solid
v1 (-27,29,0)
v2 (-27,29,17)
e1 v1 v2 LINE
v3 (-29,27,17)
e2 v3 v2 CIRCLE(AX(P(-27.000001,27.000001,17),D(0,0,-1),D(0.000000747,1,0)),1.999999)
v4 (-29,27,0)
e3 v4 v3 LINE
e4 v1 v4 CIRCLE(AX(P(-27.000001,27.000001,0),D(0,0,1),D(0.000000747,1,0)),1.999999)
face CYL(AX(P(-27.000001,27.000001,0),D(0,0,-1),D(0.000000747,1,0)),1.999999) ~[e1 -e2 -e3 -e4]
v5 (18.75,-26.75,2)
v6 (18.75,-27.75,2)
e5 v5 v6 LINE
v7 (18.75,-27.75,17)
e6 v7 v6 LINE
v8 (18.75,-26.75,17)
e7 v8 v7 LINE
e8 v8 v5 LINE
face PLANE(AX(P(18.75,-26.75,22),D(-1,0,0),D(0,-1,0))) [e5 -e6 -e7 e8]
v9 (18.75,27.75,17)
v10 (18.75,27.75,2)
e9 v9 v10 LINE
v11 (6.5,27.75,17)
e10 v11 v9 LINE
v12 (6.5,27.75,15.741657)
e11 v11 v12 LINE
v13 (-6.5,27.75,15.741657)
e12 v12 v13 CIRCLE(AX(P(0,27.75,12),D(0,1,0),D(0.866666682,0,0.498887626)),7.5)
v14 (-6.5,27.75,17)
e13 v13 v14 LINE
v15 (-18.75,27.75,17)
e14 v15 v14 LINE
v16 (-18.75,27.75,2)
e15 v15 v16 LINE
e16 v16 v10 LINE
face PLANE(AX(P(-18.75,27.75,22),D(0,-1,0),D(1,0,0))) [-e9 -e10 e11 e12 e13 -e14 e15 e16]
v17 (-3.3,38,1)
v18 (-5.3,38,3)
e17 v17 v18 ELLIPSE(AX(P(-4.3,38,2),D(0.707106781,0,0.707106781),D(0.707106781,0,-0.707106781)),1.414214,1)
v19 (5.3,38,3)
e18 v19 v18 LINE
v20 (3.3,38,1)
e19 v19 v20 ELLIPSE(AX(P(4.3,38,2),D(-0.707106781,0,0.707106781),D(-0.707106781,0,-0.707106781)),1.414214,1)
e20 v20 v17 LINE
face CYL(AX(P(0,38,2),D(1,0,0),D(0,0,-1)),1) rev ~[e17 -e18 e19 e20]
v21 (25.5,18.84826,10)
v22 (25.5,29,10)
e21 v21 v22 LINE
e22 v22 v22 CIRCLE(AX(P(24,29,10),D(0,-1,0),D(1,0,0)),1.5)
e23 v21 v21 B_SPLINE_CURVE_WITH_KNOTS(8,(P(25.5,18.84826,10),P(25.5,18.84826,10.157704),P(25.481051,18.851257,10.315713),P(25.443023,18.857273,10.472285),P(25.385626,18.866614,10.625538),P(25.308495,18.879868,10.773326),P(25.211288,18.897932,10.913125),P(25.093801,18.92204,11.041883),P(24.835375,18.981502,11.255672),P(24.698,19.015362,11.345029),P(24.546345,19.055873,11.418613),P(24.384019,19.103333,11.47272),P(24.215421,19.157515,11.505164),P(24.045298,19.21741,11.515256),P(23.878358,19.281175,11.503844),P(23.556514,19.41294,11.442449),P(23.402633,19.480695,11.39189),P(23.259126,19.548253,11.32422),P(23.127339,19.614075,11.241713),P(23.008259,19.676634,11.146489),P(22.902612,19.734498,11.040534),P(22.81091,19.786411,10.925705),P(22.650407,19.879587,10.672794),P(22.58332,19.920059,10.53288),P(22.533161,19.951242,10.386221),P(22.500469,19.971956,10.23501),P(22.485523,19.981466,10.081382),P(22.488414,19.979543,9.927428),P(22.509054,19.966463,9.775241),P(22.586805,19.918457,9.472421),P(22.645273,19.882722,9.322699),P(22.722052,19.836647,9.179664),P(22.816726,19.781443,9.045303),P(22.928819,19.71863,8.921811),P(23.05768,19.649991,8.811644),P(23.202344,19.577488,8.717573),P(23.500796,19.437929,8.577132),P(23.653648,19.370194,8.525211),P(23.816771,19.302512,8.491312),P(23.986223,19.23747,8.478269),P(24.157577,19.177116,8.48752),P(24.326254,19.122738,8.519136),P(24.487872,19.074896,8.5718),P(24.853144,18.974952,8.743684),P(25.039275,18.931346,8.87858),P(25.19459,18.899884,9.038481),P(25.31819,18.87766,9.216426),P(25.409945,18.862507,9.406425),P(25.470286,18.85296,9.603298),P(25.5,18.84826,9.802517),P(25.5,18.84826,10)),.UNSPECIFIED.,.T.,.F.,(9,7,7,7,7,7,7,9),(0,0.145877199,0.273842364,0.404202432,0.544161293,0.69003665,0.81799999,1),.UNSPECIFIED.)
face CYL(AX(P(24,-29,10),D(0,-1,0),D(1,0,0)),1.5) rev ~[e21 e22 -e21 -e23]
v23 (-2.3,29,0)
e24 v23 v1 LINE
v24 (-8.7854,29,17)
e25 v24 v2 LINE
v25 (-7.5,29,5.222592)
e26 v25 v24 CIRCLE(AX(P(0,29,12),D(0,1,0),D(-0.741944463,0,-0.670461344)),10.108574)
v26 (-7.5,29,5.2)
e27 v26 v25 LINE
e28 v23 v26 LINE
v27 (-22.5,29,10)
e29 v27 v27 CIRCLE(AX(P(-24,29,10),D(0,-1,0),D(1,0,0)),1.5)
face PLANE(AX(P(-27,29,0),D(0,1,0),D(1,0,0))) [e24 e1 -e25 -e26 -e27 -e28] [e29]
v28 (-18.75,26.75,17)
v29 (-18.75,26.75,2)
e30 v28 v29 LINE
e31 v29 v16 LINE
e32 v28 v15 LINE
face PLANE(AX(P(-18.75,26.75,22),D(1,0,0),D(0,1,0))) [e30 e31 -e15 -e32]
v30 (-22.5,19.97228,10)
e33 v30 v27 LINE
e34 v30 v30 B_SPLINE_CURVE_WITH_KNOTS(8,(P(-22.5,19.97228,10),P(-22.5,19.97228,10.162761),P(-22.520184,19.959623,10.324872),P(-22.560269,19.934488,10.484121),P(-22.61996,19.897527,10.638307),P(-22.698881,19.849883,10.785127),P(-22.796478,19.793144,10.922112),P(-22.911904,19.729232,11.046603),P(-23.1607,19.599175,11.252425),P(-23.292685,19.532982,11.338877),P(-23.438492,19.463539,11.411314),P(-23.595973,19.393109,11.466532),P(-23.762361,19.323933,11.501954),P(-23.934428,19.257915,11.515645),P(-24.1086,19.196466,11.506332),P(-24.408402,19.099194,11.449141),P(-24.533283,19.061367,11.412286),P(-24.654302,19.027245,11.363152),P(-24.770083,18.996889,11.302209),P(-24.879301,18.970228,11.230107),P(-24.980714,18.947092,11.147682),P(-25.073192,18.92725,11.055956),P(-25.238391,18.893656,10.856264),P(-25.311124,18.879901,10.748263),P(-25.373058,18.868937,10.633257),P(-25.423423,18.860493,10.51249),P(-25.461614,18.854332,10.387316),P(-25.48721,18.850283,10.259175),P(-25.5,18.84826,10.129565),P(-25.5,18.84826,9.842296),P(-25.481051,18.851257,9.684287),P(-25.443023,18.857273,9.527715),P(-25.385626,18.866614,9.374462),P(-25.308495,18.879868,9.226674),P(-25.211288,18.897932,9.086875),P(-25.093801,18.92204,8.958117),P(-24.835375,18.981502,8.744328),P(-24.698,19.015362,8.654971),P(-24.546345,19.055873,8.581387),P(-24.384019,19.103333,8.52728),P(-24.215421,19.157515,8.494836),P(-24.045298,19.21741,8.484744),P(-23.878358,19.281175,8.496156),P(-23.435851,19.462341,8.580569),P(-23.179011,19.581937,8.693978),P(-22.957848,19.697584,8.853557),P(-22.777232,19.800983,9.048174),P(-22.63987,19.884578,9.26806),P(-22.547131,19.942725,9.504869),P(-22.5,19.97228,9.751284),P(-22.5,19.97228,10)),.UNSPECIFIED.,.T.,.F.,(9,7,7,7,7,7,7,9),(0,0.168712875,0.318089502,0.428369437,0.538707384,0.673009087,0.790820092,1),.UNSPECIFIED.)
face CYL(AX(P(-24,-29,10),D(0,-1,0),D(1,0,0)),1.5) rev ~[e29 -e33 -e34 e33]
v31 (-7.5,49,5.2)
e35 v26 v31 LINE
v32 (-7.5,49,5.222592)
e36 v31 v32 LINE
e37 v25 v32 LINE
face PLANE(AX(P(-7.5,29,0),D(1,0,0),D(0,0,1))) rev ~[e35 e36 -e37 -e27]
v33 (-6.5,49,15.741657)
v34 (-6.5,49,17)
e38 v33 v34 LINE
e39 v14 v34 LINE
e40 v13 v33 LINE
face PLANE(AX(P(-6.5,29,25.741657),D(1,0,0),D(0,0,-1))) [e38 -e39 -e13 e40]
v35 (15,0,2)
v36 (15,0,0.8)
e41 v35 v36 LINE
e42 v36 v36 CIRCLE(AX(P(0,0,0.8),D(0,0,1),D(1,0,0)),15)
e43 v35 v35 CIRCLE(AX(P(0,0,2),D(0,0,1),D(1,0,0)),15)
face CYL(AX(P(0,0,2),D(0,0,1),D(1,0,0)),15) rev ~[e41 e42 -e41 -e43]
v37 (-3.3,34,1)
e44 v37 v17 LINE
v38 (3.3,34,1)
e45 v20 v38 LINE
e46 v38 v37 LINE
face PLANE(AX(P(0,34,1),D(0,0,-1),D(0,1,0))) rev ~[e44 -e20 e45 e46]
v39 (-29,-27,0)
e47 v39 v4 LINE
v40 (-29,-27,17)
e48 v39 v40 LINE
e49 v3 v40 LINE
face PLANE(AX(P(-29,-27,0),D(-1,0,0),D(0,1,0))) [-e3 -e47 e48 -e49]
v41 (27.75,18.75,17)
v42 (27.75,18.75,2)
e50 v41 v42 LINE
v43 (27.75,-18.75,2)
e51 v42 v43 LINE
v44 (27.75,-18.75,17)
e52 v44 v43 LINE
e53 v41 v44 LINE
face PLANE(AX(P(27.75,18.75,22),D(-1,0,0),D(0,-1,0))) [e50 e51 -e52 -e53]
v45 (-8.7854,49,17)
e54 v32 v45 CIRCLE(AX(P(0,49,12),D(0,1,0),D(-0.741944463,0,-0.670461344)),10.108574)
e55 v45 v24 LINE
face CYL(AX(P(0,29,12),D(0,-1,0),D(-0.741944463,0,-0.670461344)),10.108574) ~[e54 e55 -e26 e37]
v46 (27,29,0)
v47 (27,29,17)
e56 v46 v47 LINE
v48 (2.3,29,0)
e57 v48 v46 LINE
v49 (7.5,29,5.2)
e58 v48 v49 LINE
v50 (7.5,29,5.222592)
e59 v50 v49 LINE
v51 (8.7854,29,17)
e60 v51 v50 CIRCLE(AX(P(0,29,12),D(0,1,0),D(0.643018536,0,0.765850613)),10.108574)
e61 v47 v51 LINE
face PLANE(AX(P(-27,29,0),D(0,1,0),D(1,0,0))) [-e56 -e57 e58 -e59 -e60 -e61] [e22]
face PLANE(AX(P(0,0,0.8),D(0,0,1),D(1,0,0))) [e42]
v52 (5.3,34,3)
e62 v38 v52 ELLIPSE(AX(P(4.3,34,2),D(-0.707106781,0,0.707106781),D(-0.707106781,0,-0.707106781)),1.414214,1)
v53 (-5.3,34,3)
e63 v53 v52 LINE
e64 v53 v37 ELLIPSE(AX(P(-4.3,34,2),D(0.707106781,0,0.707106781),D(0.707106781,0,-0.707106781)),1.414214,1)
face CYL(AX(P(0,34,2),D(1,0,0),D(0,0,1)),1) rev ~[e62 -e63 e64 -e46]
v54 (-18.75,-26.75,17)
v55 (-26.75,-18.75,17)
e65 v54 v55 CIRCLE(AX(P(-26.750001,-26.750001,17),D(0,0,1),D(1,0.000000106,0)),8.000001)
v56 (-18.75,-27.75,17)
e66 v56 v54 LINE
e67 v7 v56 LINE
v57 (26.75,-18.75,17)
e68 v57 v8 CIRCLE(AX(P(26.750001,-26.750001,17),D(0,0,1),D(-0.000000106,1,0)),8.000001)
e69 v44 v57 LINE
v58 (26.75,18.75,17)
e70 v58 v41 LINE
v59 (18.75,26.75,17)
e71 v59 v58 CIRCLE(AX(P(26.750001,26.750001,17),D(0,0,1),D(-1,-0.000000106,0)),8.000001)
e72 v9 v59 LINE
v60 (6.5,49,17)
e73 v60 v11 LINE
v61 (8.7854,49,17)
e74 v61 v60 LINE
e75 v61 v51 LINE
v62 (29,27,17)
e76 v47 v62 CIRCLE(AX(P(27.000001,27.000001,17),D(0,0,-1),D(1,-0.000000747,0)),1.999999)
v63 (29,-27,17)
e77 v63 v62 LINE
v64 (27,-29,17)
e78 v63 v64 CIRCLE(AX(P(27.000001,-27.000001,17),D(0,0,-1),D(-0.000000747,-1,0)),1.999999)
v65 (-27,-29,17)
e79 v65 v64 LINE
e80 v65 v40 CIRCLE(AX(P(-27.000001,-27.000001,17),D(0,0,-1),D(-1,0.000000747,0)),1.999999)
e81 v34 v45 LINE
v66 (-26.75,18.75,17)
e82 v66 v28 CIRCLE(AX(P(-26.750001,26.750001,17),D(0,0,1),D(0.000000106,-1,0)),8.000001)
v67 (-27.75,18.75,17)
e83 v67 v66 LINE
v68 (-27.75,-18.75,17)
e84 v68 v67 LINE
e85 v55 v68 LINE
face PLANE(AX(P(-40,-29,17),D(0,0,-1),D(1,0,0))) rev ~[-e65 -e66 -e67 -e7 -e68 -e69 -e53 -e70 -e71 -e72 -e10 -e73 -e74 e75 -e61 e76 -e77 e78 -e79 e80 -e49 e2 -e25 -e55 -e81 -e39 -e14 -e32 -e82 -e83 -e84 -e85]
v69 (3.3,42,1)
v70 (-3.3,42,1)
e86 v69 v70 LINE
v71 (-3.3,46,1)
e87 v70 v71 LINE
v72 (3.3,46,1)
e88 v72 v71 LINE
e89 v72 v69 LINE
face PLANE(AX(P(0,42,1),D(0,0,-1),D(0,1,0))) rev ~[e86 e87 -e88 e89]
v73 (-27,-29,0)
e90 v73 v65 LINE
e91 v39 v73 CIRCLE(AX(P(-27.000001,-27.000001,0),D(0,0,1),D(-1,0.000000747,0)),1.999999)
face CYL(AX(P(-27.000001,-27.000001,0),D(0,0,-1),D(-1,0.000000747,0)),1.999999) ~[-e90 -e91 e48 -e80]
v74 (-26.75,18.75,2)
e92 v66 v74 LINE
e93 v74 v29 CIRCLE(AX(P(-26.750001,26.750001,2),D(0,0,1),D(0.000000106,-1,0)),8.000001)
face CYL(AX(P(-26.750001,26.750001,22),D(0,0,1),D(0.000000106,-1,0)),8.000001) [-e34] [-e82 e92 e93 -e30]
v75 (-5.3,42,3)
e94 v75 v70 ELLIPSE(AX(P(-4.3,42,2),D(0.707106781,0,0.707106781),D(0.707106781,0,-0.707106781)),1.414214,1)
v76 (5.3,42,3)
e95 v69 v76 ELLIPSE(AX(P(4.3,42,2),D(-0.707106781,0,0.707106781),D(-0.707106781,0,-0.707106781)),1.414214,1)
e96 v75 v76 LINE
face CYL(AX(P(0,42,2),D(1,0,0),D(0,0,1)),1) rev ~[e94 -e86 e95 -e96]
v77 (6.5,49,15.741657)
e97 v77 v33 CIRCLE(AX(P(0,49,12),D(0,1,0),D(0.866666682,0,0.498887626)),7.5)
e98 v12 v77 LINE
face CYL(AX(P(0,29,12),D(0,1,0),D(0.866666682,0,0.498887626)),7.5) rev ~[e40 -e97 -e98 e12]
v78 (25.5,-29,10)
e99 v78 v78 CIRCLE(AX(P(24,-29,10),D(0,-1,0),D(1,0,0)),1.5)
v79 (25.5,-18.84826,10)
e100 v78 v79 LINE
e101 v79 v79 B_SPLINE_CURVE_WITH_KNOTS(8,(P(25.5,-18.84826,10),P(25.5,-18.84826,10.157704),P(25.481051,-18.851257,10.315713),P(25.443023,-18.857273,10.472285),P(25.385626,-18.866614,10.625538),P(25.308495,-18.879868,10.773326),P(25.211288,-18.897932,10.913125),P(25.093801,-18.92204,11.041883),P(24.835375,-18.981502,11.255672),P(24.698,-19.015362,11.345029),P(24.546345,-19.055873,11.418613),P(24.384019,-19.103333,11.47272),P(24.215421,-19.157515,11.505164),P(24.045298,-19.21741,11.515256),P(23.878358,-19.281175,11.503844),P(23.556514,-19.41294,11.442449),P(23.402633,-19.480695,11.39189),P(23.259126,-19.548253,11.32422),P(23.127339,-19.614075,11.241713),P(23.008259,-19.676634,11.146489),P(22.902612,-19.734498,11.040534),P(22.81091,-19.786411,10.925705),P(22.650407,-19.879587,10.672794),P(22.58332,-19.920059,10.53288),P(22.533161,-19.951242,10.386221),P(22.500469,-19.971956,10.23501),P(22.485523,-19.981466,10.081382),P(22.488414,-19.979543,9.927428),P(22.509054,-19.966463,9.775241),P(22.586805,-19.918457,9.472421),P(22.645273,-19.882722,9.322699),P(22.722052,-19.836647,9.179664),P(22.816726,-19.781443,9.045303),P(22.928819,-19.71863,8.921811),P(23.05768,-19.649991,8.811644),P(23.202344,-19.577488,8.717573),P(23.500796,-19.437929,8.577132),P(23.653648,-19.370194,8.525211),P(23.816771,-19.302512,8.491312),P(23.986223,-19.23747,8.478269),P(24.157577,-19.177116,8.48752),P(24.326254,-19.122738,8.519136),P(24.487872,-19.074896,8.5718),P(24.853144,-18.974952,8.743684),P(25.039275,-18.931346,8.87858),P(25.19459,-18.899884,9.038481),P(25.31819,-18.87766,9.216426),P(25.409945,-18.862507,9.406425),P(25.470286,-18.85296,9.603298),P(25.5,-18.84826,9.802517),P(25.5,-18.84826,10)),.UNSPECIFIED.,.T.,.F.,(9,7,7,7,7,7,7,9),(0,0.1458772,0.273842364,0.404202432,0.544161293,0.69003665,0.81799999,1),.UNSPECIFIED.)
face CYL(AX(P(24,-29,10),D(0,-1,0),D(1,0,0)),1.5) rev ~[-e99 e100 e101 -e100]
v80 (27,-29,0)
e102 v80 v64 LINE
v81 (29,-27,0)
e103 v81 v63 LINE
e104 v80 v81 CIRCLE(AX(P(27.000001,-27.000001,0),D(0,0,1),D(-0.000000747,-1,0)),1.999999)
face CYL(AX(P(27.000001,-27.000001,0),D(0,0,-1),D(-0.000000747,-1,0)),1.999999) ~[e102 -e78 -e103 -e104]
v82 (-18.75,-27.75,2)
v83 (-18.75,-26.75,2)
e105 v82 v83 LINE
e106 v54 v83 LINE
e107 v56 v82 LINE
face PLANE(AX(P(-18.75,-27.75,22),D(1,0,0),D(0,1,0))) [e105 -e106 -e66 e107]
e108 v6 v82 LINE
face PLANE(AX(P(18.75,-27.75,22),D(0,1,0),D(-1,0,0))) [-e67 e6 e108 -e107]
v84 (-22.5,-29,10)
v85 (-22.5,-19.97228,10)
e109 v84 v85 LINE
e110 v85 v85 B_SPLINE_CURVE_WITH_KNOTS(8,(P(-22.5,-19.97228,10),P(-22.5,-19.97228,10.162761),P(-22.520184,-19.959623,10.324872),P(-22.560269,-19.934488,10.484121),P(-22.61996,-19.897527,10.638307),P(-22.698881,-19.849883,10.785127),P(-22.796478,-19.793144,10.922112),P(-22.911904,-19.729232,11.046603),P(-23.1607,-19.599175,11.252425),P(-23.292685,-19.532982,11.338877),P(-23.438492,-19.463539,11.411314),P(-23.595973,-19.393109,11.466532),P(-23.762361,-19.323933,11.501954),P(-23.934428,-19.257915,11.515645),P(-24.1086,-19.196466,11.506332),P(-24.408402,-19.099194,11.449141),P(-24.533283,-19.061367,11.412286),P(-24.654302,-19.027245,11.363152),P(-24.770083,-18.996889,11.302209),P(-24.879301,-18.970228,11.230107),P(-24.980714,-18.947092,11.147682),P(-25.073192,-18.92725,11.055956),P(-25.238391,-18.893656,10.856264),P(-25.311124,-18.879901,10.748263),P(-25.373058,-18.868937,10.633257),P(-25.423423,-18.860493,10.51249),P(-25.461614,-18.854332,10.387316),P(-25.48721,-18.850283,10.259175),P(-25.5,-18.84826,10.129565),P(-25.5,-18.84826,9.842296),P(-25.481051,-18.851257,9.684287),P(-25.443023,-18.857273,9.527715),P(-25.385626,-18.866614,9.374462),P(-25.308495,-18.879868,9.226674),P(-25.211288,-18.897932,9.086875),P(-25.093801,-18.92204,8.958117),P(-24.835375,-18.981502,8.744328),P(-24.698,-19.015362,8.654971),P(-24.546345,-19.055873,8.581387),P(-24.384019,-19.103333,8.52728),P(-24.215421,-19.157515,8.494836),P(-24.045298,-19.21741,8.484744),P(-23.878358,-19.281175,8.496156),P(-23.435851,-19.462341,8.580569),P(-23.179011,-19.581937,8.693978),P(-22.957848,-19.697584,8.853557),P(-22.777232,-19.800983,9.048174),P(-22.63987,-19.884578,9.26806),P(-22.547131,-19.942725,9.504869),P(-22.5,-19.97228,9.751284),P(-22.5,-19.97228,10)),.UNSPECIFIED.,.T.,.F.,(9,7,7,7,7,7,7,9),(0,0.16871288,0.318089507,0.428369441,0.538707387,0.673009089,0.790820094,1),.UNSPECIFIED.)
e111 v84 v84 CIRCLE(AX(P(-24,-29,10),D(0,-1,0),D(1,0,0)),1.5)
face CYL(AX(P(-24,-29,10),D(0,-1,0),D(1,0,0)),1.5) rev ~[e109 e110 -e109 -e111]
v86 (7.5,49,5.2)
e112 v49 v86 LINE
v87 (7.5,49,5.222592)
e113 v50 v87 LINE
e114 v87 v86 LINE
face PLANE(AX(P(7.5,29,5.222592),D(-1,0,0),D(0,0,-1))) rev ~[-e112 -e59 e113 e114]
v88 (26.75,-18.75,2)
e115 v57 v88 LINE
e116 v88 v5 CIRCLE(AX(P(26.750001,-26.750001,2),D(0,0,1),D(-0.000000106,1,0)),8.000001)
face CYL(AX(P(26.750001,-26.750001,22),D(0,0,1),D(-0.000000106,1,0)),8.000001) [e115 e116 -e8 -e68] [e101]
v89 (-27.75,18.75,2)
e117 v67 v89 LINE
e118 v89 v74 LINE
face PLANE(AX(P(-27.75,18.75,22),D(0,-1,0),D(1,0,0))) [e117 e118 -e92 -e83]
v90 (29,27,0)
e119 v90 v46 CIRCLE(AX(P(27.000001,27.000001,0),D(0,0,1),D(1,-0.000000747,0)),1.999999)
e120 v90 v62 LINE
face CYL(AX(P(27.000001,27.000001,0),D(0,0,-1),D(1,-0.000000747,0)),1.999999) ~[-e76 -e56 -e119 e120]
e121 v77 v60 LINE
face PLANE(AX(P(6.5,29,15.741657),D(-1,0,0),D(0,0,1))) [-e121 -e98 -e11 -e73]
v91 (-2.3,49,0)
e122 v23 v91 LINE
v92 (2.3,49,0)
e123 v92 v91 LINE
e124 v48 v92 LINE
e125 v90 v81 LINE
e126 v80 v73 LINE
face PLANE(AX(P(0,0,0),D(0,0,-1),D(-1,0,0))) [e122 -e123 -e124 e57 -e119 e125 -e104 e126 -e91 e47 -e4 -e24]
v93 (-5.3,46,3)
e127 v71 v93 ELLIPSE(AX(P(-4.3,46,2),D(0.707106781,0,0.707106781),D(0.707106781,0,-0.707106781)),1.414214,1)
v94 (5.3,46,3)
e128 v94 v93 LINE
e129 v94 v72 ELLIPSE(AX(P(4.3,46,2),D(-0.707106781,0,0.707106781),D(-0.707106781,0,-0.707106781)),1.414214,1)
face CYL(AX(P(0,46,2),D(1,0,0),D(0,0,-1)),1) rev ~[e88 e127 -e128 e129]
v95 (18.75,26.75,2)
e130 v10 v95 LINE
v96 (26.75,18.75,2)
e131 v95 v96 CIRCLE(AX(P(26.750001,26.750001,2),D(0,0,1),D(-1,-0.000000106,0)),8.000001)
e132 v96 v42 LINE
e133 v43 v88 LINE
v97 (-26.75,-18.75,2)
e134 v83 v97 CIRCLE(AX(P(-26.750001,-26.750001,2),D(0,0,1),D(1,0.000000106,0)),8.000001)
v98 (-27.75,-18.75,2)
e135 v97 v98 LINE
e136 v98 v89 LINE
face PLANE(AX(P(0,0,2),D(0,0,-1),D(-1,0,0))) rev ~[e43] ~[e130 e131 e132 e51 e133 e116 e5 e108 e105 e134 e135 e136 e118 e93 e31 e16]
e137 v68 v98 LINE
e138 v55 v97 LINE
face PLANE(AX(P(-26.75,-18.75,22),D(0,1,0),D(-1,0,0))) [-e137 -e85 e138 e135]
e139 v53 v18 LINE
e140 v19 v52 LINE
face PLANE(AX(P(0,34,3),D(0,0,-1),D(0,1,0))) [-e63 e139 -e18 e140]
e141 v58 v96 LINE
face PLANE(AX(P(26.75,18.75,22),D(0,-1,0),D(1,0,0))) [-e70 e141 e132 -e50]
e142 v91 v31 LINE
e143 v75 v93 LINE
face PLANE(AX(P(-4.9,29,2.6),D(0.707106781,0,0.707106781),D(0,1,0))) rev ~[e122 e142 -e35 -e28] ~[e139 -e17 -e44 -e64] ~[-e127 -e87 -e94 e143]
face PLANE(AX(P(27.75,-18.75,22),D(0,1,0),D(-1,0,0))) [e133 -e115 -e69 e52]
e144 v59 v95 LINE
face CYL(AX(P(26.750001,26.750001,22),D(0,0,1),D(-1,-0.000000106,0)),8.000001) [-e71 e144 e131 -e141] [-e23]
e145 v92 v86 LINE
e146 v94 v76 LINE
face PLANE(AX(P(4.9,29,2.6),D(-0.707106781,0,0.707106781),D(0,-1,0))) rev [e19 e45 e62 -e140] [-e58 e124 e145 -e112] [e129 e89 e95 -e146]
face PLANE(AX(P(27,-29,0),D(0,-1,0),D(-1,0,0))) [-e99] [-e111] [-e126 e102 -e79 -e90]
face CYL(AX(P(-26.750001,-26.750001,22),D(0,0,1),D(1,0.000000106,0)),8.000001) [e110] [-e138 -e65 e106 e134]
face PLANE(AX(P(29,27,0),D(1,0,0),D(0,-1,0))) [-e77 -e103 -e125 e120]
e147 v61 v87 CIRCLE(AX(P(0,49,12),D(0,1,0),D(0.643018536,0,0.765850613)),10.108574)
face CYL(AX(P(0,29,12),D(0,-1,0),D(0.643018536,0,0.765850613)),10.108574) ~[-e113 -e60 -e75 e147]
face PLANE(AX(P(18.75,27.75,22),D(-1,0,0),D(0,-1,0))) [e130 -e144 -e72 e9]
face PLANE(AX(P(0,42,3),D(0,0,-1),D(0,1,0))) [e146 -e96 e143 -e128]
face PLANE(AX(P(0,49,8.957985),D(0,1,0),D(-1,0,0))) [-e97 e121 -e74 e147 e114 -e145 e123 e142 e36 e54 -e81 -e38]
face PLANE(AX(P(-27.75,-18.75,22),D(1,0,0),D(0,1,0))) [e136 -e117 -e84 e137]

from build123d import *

# Parameters (mm, degrees)
PAD_DEPTH            = 22
POCKET_DEPTH         = 20
PAD001_DEPTH         = 20
POCKET001_DEPTH      = 5
SKETCH004_R          = 1.5
SKETCH004_W          = 80
SKETCH004_H          = 10
POCKET002_DEPTH      = 78.001
CHAMFER_SIZE         = 5.2
SKETCH005_R          = 15
POCKET003_DEPTH      = 1.2
POCKET004_DEPTH      = 29.001
POCKET004_DEPTH_BACK = -29.001


with BuildPart() as part:
    # Sketch → Pad (new body)
    with BuildSketch(Plane.XY):
        with BuildLine():
            Line((-27, 29), (27, 29))
            ThreePointArc((29, 27), (28.414214, 28.414214), (27, 29))
            Line((29, 27), (29, -27))
            ThreePointArc((27, -29), (28.414214, -28.414214), (29, -27))
            Line((27, -29), (-27, -29))
            ThreePointArc((-29, -27), (-28.414214, -28.414214), (-27, -29))
            Line((-29, -27), (-29, 27))
            ThreePointArc((-27, 29), (-28.414214, 28.414214), (-29, 27))
        make_face()
    extrude(amount=PAD_DEPTH)

    # Sketch001 (on Face10 of Pad) → Pocket (cut)
    with BuildSketch(Plane.XY.offset(22)):
        with BuildLine():
            Line((-18.75, 27.75), (18.75, 27.75))
            Line((18.75, 27.75), (18.75, 26.75))
            ThreePointArc((18.75, 26.75), (21.093146, 21.093146), (26.75, 18.75))
            Line((26.75, 18.75), (27.75, 18.75))
            Line((27.75, 18.75), (27.75, -18.75))
            Line((27.75, -18.75), (26.75, -18.75))
            ThreePointArc((26.75, -18.75), (21.093146, -21.093146), (18.75, -26.75))
            Line((18.75, -26.75), (18.75, -27.75))
            Line((18.75, -27.75), (-18.75, -27.75))
            Line((-18.75, -27.75), (-18.75, -26.75))
            ThreePointArc((-18.75, -26.75), (-21.093146, -21.093146), (-26.75, -18.75))
            Line((-26.75, -18.75), (-27.75, -18.75))
            Line((-27.75, -18.75), (-27.75, 18.75))
            Line((-27.75, 18.75), (-26.75, 18.75))
            ThreePointArc((-26.75, 18.75), (-21.093146, 21.093146), (-18.75, 26.75))
            Line((-18.75, 26.75), (-18.75, 27.75))
        make_face()
    extrude(amount=-POCKET_DEPTH, mode=Mode.SUBTRACT)

    # Sketch002 (on Face1 of Pocket) → Pad001 (join)
    with BuildSketch(Plane(origin=(0, 29, 0), x_dir=(-1, 0, 0), z_dir=(0, 1, 0))):
        with BuildLine():
            ThreePointArc((-6.5, 19.741657), (-10.084682, 12.694582), (-7.5, 5.222592))
            Line((-7.5, 5.222592), (-7.5, 0))
            Line((-7.5, 0), (7.5, 0))
            Line((7.5, 0), (7.5, 5.222592))
            ThreePointArc((7.5, 5.222592), (10.084682, 12.694582), (6.5, 19.741657))
            Line((6.5, 15.741657), (6.5, 19.741657))
            ThreePointArc((-6.5, 15.741657), (0, 4.5), (6.5, 15.741657))
            Line((-6.5, 15.741657), (-6.5, 19.741657))
        make_face()
    extrude(amount=PAD001_DEPTH)

    # Sketch003 → Pocket001 (cut)
    with BuildSketch(Plane(origin=(0, 29, 0), x_dir=(-1, 0, 0), z_dir=(0, 1, 0))):
        with BuildLine():
            ThreePointArc((-6.5, 15.741657), (0, 4.5), (6.5, 15.741657))
            Line((6.5, 25.741657), (6.5, 15.741657))
            Line((-6.5, 25.741657), (6.5, 25.741657))
            Line((-6.5, 15.741657), (-6.5, 25.741657))
        make_face()
    extrude(amount=-POCKET001_DEPTH, mode=Mode.SUBTRACT)

    # Sketch004 → Pocket002 (cut, through all)
    with BuildSketch(Plane.XZ.offset(29)):
        with Locations((-24, 10)):
            Circle(SKETCH004_R)
        with Locations((24, 10)):
            Circle(SKETCH004_R)
        with Locations((0, 22)):
            Rectangle(SKETCH004_W, SKETCH004_H)
    extrude(amount=-POCKET002_DEPTH, mode=Mode.SUBTRACT)

    # Chamfer
    chamfer_edges = [part.edges().sort_by_distance(p)[0] for p in [
        (7.5, 39, 0),
        (-7.5, 39, 0),
    ]]
    chamfer(chamfer_edges, length=CHAMFER_SIZE)

    # Sketch005 (on Face42 of Chamfer) → Pocket003 (cut)
    with BuildSketch(Plane.XY.offset(2)):
        Circle(SKETCH005_R)
    extrude(amount=-POCKET003_DEPTH, mode=Mode.SUBTRACT)

    # Sketch006 → Pocket004 (cut, two sides)
    with BuildSketch(Plane.YZ) as pocket004_sk:
        with BuildLine():
            ThreePointArc((34, 3), (33, 2), (34, 1))
            Line((34, 1), (38, 1))
            ThreePointArc((38, 1), (39, 2), (38, 3))
            Line((34, 3), (38, 3))
        make_face()
        with BuildLine():
            ThreePointArc((42, 3), (41, 2), (42, 1))
            Line((42, 1), (46, 1))
            ThreePointArc((46, 1), (47, 2), (46, 3))
            Line((42, 3), (46, 3))
        make_face()
    extrude(amount=-POCKET004_DEPTH, mode=Mode.SUBTRACT)
    extrude(pocket004_sk.sketch, amount=-POCKET004_DEPTH_BACK, mode=Mode.SUBTRACT)


solid = part.part
